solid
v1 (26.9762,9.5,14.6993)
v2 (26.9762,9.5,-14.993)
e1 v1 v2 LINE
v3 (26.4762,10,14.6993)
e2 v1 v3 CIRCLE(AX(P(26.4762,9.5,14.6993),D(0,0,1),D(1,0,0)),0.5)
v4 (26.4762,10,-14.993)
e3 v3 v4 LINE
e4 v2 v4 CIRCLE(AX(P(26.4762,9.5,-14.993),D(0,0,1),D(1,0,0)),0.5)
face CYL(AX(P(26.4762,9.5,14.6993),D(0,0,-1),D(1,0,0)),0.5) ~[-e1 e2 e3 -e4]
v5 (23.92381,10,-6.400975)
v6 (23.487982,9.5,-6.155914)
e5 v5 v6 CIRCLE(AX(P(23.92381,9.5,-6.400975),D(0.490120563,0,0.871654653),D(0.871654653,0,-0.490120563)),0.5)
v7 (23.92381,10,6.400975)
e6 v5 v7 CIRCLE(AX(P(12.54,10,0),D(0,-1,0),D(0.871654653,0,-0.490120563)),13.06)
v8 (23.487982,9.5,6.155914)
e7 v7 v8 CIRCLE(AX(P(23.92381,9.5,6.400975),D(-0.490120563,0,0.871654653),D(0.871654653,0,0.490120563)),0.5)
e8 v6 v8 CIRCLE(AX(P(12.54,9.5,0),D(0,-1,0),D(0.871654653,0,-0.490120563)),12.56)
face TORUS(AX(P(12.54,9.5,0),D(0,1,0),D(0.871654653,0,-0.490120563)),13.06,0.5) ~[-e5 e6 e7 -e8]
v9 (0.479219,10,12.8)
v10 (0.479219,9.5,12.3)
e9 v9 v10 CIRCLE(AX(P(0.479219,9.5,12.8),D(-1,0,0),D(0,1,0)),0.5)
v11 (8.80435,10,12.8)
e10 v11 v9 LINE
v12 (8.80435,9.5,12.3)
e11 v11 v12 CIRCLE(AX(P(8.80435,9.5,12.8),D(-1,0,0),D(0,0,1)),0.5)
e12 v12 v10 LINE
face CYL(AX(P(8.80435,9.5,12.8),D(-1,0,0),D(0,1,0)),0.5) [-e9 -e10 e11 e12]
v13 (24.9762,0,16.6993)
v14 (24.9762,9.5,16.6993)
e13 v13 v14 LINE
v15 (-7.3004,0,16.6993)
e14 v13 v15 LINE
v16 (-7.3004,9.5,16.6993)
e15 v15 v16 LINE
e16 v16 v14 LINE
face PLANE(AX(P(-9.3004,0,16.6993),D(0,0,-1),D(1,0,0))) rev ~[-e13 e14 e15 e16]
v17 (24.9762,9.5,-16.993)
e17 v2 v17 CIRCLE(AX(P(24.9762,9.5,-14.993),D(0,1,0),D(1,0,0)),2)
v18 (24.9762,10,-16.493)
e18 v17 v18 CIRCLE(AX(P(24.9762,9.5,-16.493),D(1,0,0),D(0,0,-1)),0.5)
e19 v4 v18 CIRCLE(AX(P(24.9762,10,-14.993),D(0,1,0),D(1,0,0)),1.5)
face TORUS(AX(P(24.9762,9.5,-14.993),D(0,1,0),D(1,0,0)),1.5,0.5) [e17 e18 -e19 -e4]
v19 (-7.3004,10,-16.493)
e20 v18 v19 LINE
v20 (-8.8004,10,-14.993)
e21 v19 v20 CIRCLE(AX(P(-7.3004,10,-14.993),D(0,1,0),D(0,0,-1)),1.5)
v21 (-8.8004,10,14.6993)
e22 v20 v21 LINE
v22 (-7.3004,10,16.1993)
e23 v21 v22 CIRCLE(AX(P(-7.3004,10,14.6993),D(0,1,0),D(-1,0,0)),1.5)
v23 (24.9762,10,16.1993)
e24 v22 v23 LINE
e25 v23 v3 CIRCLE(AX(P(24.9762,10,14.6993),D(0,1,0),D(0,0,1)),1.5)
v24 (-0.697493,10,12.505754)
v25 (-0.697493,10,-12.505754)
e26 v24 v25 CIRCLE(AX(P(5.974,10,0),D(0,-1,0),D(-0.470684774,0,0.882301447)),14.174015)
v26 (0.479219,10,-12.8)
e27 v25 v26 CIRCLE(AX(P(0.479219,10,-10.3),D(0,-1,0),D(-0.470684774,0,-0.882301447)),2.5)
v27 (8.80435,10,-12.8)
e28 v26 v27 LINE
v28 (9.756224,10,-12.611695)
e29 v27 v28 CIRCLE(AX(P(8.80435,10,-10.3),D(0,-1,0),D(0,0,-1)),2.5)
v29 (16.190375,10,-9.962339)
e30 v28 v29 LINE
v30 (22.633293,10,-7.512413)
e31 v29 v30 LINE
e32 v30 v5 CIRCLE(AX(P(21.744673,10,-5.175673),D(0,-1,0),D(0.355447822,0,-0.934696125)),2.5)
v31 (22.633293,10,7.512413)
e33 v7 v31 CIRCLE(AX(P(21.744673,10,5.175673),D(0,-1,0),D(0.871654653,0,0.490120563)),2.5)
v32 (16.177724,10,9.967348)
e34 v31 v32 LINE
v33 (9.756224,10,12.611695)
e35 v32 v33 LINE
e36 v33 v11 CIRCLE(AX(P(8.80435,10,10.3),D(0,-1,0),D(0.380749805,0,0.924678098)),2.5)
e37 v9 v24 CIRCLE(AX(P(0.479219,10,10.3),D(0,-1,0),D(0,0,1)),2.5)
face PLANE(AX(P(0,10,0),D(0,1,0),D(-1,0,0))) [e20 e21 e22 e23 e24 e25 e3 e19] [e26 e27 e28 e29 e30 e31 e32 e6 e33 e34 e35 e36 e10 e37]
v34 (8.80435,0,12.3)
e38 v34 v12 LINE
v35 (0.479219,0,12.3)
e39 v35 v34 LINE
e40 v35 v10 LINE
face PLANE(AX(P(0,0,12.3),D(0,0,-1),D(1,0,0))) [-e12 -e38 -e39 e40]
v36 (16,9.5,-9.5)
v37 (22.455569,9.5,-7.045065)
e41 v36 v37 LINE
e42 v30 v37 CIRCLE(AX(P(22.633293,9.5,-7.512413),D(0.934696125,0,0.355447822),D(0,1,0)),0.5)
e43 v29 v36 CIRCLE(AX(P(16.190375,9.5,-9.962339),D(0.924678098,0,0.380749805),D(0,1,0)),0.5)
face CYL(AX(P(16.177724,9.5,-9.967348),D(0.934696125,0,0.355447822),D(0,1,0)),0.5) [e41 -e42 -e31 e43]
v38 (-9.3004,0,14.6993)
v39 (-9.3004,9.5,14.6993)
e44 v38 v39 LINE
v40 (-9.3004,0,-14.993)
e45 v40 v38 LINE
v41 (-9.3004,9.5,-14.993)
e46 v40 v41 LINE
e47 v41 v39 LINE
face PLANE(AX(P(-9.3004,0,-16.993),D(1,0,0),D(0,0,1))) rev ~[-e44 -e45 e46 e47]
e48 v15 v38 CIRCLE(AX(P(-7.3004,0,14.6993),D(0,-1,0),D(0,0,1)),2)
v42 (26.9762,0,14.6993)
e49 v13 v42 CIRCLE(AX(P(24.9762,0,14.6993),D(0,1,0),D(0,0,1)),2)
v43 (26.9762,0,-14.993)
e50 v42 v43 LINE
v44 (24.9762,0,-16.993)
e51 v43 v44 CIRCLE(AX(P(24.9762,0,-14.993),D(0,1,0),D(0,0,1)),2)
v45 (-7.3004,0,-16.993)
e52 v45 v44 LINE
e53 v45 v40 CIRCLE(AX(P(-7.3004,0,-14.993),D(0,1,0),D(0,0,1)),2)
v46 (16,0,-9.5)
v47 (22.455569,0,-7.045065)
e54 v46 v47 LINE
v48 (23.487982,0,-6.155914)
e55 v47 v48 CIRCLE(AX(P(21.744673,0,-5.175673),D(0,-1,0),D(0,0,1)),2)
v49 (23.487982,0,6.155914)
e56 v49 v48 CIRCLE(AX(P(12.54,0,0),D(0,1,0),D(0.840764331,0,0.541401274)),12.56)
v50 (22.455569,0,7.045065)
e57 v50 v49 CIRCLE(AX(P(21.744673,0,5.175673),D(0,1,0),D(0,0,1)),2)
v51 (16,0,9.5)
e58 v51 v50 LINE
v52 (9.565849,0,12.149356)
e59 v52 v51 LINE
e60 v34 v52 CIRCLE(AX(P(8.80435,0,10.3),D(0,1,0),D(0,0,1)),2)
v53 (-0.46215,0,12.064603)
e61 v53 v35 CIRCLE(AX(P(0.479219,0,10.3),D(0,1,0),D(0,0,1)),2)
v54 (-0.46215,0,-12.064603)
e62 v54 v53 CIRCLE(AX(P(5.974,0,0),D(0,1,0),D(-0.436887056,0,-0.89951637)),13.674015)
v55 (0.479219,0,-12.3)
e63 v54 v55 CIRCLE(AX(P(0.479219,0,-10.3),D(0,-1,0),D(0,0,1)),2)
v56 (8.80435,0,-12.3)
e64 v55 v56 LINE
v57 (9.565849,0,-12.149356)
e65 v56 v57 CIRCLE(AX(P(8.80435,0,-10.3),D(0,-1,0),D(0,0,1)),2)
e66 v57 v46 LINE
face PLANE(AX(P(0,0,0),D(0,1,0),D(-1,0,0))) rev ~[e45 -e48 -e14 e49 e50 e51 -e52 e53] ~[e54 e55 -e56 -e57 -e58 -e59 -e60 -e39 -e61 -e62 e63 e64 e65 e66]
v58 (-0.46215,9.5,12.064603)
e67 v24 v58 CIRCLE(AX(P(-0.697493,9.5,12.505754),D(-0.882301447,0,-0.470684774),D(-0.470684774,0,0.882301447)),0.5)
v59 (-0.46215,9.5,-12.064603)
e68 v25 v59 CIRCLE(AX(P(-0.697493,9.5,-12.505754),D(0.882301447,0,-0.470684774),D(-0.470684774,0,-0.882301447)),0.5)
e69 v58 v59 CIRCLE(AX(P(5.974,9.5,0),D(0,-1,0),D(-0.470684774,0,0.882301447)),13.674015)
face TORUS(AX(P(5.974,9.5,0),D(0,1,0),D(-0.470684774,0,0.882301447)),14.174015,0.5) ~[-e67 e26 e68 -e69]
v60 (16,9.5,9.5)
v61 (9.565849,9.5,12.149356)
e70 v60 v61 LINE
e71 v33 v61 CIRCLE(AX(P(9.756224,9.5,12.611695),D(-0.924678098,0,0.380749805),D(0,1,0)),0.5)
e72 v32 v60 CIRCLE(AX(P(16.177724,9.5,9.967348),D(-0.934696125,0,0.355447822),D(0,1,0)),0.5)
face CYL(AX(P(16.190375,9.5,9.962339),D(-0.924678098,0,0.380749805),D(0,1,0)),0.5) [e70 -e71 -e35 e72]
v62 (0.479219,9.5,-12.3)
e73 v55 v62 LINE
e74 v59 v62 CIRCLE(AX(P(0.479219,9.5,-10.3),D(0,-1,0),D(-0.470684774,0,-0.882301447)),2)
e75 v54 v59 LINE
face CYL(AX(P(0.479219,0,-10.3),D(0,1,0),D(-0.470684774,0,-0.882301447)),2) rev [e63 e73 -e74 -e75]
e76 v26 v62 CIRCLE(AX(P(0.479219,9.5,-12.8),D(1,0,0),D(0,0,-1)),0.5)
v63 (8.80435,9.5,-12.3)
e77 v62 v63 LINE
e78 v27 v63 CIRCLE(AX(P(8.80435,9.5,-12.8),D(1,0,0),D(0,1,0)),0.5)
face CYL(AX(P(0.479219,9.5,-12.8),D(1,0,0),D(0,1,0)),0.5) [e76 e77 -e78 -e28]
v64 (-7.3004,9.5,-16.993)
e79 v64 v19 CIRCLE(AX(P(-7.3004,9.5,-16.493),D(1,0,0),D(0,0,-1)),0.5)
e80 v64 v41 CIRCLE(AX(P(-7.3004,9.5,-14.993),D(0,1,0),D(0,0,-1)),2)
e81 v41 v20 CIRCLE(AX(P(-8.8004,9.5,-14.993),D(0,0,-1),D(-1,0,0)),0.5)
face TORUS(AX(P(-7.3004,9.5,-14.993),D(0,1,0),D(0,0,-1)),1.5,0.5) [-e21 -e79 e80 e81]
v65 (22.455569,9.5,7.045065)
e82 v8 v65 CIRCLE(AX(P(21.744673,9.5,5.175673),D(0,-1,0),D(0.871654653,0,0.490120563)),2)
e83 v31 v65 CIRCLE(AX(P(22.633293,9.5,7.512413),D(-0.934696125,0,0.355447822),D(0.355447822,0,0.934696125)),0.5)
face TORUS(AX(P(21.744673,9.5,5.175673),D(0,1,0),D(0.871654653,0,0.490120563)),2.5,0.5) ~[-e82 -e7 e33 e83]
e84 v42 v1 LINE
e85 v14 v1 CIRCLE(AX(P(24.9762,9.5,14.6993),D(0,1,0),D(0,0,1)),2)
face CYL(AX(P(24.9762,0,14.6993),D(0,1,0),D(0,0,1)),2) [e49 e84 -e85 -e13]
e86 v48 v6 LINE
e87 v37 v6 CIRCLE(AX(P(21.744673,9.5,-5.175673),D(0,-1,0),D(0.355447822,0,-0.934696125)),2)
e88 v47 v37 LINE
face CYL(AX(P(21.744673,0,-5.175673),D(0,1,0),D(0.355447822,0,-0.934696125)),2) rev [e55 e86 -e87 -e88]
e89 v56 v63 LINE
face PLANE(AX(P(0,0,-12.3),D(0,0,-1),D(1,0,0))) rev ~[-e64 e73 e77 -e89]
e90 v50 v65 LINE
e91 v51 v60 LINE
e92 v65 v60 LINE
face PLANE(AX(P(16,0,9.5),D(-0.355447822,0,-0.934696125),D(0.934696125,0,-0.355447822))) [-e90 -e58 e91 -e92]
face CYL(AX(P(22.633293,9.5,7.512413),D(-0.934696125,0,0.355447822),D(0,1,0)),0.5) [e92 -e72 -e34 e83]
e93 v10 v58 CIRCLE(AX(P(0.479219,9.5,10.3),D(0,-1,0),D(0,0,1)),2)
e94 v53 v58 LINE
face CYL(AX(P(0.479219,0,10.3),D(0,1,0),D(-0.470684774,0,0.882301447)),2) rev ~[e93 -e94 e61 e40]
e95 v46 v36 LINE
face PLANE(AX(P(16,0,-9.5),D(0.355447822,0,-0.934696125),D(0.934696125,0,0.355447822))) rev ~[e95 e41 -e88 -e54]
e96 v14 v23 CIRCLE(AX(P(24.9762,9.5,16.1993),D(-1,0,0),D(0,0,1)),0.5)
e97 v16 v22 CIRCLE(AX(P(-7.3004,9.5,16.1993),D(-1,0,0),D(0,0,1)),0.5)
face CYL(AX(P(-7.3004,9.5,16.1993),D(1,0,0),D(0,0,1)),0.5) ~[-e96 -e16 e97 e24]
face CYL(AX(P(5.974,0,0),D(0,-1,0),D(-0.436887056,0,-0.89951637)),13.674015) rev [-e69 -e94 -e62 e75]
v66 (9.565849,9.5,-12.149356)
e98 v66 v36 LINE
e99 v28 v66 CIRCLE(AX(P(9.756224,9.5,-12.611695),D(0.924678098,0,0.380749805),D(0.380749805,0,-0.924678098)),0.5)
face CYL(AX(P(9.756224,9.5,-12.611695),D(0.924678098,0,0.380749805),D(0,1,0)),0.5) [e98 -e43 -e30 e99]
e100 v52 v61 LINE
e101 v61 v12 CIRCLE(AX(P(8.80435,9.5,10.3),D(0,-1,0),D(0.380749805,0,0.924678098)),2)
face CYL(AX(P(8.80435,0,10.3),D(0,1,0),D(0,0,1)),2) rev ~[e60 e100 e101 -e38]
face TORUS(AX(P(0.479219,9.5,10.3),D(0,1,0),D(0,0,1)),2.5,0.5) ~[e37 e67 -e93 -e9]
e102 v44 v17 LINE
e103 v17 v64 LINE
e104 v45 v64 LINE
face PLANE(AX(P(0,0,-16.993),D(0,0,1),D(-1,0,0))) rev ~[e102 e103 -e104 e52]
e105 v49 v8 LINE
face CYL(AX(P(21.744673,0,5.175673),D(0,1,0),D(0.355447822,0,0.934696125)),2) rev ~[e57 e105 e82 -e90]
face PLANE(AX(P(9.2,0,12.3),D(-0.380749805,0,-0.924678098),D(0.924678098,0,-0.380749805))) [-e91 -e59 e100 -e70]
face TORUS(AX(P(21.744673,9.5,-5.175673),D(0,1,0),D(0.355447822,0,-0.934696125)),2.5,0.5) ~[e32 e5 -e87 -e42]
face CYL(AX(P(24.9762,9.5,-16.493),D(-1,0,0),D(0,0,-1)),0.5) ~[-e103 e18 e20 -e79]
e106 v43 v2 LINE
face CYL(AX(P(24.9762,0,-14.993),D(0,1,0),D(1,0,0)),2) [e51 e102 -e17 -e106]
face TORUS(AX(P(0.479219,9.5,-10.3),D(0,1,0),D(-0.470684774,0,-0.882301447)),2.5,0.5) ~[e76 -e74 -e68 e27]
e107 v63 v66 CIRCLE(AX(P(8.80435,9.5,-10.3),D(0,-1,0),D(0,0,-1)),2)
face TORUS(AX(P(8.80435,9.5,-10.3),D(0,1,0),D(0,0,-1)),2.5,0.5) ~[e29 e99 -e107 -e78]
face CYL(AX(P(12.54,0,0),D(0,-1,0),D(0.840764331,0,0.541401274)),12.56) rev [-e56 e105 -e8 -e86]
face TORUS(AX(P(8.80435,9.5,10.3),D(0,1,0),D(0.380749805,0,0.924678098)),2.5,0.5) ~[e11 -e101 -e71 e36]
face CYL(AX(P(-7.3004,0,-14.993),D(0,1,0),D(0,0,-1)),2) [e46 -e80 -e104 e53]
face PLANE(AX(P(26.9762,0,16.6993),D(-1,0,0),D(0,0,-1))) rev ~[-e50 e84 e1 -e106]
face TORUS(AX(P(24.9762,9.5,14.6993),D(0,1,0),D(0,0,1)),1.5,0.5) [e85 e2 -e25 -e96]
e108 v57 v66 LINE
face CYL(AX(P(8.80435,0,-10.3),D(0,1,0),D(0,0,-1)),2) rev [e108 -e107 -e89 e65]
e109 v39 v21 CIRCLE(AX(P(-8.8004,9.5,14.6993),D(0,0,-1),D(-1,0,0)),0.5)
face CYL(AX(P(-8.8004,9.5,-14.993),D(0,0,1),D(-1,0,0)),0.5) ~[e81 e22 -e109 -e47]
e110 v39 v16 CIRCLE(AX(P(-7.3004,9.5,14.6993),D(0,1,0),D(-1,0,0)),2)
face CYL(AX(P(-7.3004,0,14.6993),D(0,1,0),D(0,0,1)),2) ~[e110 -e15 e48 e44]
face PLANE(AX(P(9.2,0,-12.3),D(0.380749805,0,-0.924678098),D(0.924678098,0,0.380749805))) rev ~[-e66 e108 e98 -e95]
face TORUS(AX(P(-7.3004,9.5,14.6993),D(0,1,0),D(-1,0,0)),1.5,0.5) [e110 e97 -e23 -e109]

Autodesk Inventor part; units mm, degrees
ref_plane "YZ Plane" through (0, 0, 0) normal (1, 0, 0) x (0, 1, 0)
ref_plane "XZ Plane" through (0, 0, 0) normal (0, 1, 0) x (-1, 0, 0)
ref_plane "XY Plane" through (0, 0, 0) normal (0, 0, 1) x (1, 0, 0)
sketch "Sketch6" plane through (0, 0, 0) normal (0, 1, 0) x (-1, 0, 0)
  arc A0 (0, -12.3) -> (0, 12.3) centre (-5.974, 0) ccw
  line L0 (0, -23.7314) -> (0, 23.4378) projected
  line L1 (0, 12.3) -> (-9.2, 12.3)
  line L2 (0, -12.3) -> (-9.2, -12.3)
  line L3 (-9.2, 12.3) -> (-16, 9.5)
  line L4 (-9.2, -12.3) -> (-16, -9.5)
  line L5 (-16, 9.5) -> (-23.1, 6.8)
  line L6 (-16, -9.5) -> (-23.1, -6.8)
  arc A1 (-23.1, 6.8) -> (-23.1, -6.8) centre (-12.54, 0) ccw
  line L7 (9.3004, 16.6993) -> (-26.9762, 16.6993)
  line L8 (-26.9762, 16.6993) -> (-26.9762, -16.993)
  line L9 (-26.9762, -16.993) -> (9.3004, -16.993)
  line L10 (9.3004, -16.993) -> (9.3004, 16.6993)
  point P0 (0, 0)
  point P1 (7.7, 0)
  point P2 (-25.1, 0)
  dimension "d4" = 0
  dimension "d6" = 0
  dimension "d7" = 7.7
  dimension "d8" = 9.2
  dimension "d9" = 9.2
  dimension "d10" = 2.8
  dimension "d11" = 2.8
  dimension "d12" = 6.8
  dimension "d13" = 6.8
  dimension "d15" = 24.6
  dimension "d16" = 7.1
  dimension "d17" = 7.1
  dimension "d18" = 2.7
  dimension "d19" = 2.7
  dimension "d20" = 2
extrude "Extrusion1" add sketch "Sketch6" along normal blind 10 contours A0 L0 L7 L10 L9 | L0 L9 L8 L7 L1 L3 L5 A1 L6 L4 L2
fillet "Fillet1" radius 2 8 edges at (0, 5, -12.3) (9.2, 5, -12.3) (16, 5, -9.5) (23.1, 5, -6.8) (23.1, 5, 6.8) (16, 5, 9.5) (9.2, 5, 12.3) (0, 5, 12.3)
fillet "Fillet2" radius 2 4 edges at (26.9762, 5, -16.993) (-9.3004, 5, -16.993) (-9.3004, 5, 16.6993) (26.9762, 5, 16.6993)
fillet "Fillet3" radius 0.5 8 edges at (26.3904, 10, -16.4072) (8.8379, 10, -16.993) (-8.7146, 10, -16.4072) (-9.3004, 10, -0.1468) (-8.7146, 10, 16.1135) (8.8379, 10, 16.6993) (26.3904, 10, 16.1135) (26.9762, 10, -0.1468)
fillet "Fillet4" radius 0.5 14 edges at (-0.006, 10, -12.2403) (4.6418, 10, -12.3) (9.1925, 10, -12.262) (12.7829, 10, -10.8247) (23.0498, 10, -6.6911) (19.2278, 10, -8.2725) (25.1, 10, 0) (23.0498, 10, 6.6911) (19.2278, 10, 8.2725) (9.1925, 10, 12.262) (12.7829, 10, 10.8247) (4.6418, 10, 12.3) (-0.006, 10, 12.2403) (-7.7, 10, 0)
properties part number "PipetteProfile_3DPrint"
